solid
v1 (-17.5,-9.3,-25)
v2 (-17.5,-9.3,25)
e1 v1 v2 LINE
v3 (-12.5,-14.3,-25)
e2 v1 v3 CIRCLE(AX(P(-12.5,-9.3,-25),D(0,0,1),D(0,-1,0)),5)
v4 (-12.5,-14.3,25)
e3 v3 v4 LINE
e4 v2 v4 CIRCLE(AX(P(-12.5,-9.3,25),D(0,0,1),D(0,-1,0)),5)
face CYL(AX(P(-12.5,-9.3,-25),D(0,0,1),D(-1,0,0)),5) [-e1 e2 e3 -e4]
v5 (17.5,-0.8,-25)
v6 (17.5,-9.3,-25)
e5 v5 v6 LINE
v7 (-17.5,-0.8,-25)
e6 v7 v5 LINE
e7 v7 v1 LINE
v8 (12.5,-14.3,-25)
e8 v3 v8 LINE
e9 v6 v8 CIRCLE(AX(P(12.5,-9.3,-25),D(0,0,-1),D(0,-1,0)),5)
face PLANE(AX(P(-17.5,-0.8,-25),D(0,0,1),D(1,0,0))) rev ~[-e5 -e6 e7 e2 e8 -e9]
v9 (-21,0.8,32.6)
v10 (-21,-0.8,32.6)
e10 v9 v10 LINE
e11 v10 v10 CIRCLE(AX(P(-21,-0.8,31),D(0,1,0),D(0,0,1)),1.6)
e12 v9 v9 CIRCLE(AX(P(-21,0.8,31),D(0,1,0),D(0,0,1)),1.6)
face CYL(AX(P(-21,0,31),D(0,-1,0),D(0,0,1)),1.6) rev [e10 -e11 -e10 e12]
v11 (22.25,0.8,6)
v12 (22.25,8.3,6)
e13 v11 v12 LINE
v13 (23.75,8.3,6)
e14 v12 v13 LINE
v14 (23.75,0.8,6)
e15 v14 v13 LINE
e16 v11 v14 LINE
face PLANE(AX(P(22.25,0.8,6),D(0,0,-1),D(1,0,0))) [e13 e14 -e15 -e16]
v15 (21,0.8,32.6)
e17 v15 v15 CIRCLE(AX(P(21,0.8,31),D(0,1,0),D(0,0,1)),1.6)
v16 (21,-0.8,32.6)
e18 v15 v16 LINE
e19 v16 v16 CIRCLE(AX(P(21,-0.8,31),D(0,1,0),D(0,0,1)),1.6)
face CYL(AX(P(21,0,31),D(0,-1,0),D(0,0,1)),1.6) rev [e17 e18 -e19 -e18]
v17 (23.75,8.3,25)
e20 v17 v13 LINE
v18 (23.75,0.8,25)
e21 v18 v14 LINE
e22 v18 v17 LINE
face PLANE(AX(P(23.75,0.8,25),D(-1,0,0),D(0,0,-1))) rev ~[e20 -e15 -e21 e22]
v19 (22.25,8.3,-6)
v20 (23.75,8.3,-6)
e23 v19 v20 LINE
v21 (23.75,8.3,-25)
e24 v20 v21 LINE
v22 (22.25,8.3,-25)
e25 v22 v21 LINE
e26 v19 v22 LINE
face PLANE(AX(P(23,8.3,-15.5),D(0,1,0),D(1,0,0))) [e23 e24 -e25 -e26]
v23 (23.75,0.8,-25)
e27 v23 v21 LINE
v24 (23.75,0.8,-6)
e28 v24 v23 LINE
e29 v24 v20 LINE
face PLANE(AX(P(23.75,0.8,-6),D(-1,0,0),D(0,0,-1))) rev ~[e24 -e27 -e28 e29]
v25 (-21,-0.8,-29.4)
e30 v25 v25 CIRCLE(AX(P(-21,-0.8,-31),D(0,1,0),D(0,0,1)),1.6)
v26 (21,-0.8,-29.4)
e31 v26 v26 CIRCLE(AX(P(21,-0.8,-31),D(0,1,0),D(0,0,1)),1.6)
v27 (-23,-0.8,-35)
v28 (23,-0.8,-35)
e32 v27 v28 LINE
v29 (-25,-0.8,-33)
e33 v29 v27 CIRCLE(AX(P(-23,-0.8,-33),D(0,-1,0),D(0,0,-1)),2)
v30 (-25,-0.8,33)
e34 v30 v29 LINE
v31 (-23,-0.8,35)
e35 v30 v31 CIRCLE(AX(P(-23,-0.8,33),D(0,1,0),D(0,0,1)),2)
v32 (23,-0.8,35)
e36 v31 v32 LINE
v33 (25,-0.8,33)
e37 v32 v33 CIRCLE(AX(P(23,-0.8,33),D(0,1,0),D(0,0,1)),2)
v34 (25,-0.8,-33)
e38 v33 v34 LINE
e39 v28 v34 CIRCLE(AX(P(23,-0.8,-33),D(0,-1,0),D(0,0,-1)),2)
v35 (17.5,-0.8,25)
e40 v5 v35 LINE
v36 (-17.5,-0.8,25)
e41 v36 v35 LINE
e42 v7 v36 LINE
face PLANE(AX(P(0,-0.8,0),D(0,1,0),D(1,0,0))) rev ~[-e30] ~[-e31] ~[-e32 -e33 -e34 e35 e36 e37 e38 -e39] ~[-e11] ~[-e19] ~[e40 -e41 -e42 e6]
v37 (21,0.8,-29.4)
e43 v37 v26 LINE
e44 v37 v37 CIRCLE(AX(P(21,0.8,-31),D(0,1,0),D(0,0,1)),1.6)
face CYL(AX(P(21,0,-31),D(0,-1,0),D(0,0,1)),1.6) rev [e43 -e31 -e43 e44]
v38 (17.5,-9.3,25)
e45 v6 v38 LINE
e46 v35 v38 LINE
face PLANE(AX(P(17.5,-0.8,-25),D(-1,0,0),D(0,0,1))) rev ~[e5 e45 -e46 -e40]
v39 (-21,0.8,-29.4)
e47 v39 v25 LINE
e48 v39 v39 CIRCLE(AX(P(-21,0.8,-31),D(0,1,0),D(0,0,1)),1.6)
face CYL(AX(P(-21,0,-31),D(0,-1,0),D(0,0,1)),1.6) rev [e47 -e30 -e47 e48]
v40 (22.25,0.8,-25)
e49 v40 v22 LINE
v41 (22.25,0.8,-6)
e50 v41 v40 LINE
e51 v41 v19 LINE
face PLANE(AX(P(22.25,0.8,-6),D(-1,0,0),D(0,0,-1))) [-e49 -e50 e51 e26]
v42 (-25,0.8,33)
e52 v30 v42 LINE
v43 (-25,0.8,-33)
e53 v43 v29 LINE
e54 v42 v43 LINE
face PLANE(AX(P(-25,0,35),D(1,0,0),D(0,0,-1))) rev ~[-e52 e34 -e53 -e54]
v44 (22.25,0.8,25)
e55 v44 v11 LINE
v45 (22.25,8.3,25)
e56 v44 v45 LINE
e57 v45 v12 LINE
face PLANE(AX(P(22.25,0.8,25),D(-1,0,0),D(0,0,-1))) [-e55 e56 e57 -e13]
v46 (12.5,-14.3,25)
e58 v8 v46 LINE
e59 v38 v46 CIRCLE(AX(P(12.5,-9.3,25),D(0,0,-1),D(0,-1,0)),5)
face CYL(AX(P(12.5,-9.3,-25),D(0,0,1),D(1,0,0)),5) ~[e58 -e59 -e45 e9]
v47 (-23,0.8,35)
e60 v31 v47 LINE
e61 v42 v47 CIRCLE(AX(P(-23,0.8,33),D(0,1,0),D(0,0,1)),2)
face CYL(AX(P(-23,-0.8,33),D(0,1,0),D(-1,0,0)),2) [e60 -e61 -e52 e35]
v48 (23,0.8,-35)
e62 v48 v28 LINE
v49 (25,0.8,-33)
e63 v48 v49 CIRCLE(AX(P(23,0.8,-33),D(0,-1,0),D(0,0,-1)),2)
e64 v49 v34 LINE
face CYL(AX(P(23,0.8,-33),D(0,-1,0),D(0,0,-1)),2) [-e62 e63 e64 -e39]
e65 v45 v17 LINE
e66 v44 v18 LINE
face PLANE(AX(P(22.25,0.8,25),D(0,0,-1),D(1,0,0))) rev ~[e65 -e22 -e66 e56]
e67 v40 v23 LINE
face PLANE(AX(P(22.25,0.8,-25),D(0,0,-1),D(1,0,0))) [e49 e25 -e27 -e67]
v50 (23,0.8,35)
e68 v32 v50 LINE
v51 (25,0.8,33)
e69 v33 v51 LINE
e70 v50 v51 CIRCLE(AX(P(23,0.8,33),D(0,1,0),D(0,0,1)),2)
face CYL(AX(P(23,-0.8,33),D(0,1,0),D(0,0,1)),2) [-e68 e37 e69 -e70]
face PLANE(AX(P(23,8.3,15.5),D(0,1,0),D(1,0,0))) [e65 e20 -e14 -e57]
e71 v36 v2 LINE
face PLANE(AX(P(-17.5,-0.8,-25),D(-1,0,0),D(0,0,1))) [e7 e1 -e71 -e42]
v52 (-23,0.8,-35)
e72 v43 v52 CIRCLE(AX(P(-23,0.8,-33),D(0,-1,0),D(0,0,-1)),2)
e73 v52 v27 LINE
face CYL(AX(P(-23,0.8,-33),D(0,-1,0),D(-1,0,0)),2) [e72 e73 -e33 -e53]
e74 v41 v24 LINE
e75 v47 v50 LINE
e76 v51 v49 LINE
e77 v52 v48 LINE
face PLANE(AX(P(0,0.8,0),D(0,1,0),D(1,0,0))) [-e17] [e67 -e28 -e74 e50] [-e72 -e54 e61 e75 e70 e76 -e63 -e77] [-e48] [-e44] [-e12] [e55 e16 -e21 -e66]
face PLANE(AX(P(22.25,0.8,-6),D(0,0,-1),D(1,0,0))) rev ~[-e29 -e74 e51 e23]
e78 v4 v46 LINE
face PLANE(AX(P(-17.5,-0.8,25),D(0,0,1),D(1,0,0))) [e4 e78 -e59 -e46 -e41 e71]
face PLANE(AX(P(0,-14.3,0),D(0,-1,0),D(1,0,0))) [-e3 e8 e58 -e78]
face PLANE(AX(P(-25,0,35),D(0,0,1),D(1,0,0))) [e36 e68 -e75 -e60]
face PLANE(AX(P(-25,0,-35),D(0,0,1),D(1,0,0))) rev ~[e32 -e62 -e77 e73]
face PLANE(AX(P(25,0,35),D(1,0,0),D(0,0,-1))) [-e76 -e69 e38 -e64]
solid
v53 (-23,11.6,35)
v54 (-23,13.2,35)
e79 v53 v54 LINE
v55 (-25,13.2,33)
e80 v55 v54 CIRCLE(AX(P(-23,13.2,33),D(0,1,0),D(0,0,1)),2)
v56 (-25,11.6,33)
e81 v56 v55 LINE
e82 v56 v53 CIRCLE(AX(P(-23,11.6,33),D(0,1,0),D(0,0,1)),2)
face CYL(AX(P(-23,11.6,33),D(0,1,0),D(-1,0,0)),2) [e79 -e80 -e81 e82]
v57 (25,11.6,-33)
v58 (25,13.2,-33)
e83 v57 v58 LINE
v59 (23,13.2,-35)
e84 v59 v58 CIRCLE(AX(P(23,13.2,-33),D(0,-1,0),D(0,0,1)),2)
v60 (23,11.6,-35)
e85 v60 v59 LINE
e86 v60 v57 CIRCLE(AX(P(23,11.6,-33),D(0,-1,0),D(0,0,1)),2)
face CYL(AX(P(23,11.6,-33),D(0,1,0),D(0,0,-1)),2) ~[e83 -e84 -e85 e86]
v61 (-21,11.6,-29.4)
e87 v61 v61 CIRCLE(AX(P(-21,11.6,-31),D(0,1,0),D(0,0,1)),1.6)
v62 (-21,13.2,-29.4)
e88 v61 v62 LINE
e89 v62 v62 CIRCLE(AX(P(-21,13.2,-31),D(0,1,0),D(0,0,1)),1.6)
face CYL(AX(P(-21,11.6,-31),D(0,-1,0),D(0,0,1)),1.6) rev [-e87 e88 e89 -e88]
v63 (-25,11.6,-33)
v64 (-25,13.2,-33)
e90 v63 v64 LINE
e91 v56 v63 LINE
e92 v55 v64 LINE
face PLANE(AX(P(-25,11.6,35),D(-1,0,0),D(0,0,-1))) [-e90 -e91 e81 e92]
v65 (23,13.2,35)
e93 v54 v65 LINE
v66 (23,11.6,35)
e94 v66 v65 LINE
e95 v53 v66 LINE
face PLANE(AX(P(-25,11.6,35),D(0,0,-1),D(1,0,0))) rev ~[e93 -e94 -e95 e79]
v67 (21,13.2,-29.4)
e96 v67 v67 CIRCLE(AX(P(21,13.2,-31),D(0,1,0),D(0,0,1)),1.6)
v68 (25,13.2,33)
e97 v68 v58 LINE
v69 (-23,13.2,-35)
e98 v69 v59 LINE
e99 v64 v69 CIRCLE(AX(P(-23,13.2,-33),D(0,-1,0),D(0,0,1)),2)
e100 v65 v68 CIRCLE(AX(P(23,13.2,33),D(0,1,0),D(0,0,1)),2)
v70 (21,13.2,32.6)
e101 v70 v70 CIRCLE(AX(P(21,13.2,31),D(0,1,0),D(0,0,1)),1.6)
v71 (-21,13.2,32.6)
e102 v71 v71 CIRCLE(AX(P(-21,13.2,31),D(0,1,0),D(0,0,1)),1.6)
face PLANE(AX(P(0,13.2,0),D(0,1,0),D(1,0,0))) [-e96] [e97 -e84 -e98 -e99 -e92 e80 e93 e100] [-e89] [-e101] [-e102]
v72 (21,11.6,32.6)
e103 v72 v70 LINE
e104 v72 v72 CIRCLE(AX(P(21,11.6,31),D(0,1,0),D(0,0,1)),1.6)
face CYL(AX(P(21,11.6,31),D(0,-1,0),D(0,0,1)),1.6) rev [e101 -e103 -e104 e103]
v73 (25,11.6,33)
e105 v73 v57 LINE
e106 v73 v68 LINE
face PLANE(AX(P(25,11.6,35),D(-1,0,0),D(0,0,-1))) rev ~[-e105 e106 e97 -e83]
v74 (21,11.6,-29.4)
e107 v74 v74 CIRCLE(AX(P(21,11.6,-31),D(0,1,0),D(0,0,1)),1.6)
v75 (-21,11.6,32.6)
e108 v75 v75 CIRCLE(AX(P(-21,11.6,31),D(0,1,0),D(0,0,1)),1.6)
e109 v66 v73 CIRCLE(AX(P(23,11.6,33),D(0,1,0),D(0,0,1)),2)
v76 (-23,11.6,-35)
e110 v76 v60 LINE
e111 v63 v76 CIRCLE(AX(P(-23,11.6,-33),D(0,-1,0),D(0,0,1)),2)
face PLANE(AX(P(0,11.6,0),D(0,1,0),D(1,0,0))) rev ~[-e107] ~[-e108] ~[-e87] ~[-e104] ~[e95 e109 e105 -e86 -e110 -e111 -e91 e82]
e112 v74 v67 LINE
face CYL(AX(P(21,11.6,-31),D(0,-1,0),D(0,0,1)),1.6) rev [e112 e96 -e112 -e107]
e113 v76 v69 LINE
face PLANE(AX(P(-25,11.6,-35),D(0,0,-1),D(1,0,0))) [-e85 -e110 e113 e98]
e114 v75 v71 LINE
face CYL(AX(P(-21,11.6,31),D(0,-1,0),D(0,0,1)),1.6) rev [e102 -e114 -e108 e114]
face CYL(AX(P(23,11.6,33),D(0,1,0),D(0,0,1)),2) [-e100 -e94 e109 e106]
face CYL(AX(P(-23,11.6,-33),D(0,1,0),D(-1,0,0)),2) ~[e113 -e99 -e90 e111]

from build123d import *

# Parameters (mm, degrees)
SKETCH1_W                  = 50
SKETCH1_H                  = 70
SKETCH1_R                  = 1.6
BOSS_EXTRUDE1_DEPTH        = 0.8
GPS_START                  = 11.6
SKETCH1_3_W                = 50
SKETCH1_3_H                = 70
SKETCH1_3_R                = 1.6
GPS_EXTENSION_MODULE_DEPTH = 1.6
SKETCH2_W                  = 1.5
SKETCH2_H                  = 19
HEADERS_DEPTH              = 7.5
SKETCH3_W                  = 35
SKETCH3_H                  = 50
BATTERIES_DEPTH            = 13.5
FILLET1_R                  = 2
FILLET2_R                  = 5
FILLET3_R                  = 2


with BuildPart() as part:
    # Sketch1 → Boss-Extrude1 (new, symmetric)
    with BuildSketch(Plane(origin=(0, 0, 0), x_dir=(1, 0, 0), z_dir=(0, 1, 0))):
        Rectangle(SKETCH1_W, SKETCH1_H)
        with Locations((-21, 31)):
            Circle(SKETCH1_R, mode=Mode.SUBTRACT)
        with Locations((21, 31)):
            Circle(SKETCH1_R, mode=Mode.SUBTRACT)
        with Locations((-21, -31)):
            Circle(SKETCH1_R, mode=Mode.SUBTRACT)
        with Locations((21, -31)):
            Circle(SKETCH1_R, mode=Mode.SUBTRACT)
    extrude(amount=BOSS_EXTRUDE1_DEPTH, both=True)

    # Sketch2 → Headers (add)
    with BuildSketch(Plane(origin=(0, 0.8, 0), x_dir=(1, 0, 0), z_dir=(0, 1, 0))):
        with Locations((23, 15.5)):
            Rectangle(SKETCH2_W, SKETCH2_H)
        with Locations((23, -15.5)):
            Rectangle(SKETCH2_W, SKETCH2_H)
    extrude(amount=HEADERS_DEPTH)

    # Sketch3 → Batteries (add)
    with BuildSketch(Plane.XZ.offset(0.8)):
        Rectangle(SKETCH3_W, SKETCH3_H)
    extrude(amount=BATTERIES_DEPTH)

    # Fillet1
    fillet1_edges = [part.edges().sort_by_distance(p)[0] for p in [
        (-25, 0, -35),
        (25, 0, -35),
        (25, 0, 35),
        (-25, 0, 35),
    ]]
    fillet(fillet1_edges, radius=FILLET1_R)

    # Fillet2
    fillet2_edges = [part.edges().sort_by_distance(p)[0] for p in [
        (-17.5, -14.3, 0),
        (17.5, -14.3, 0),
    ]]
    fillet(fillet2_edges, radius=FILLET2_R)


with BuildPart() as body_2:
    # Sketch1<3> → GPS extension Module (new body)
    with BuildSketch(Plane(origin=(0, 0, 0), x_dir=(1, 0, 0), z_dir=(0, 1, 0)).offset(GPS_START)):
        Rectangle(SKETCH1_3_W, SKETCH1_3_H)
        with Locations((-21, 31)):
            Circle(SKETCH1_3_R, mode=Mode.SUBTRACT)
        with Locations((21, 31)):
            Circle(SKETCH1_3_R, mode=Mode.SUBTRACT)
        with Locations((-21, -31)):
            Circle(SKETCH1_3_R, mode=Mode.SUBTRACT)
        with Locations((21, -31)):
            Circle(SKETCH1_3_R, mode=Mode.SUBTRACT)
    extrude(amount=GPS_EXTENSION_MODULE_DEPTH)

    # Fillet3
    fillet3_edges = [body_2.edges().sort_by_distance(p)[0] for p in [
        (-25, 12.4, -35),
        (25, 12.4, -35),
        (25, 12.4, 35),
        (-25, 12.4, 35),
    ]]
    fillet(fillet3_edges, radius=FILLET3_R)


solid = Compound([part.part, body_2.part])
